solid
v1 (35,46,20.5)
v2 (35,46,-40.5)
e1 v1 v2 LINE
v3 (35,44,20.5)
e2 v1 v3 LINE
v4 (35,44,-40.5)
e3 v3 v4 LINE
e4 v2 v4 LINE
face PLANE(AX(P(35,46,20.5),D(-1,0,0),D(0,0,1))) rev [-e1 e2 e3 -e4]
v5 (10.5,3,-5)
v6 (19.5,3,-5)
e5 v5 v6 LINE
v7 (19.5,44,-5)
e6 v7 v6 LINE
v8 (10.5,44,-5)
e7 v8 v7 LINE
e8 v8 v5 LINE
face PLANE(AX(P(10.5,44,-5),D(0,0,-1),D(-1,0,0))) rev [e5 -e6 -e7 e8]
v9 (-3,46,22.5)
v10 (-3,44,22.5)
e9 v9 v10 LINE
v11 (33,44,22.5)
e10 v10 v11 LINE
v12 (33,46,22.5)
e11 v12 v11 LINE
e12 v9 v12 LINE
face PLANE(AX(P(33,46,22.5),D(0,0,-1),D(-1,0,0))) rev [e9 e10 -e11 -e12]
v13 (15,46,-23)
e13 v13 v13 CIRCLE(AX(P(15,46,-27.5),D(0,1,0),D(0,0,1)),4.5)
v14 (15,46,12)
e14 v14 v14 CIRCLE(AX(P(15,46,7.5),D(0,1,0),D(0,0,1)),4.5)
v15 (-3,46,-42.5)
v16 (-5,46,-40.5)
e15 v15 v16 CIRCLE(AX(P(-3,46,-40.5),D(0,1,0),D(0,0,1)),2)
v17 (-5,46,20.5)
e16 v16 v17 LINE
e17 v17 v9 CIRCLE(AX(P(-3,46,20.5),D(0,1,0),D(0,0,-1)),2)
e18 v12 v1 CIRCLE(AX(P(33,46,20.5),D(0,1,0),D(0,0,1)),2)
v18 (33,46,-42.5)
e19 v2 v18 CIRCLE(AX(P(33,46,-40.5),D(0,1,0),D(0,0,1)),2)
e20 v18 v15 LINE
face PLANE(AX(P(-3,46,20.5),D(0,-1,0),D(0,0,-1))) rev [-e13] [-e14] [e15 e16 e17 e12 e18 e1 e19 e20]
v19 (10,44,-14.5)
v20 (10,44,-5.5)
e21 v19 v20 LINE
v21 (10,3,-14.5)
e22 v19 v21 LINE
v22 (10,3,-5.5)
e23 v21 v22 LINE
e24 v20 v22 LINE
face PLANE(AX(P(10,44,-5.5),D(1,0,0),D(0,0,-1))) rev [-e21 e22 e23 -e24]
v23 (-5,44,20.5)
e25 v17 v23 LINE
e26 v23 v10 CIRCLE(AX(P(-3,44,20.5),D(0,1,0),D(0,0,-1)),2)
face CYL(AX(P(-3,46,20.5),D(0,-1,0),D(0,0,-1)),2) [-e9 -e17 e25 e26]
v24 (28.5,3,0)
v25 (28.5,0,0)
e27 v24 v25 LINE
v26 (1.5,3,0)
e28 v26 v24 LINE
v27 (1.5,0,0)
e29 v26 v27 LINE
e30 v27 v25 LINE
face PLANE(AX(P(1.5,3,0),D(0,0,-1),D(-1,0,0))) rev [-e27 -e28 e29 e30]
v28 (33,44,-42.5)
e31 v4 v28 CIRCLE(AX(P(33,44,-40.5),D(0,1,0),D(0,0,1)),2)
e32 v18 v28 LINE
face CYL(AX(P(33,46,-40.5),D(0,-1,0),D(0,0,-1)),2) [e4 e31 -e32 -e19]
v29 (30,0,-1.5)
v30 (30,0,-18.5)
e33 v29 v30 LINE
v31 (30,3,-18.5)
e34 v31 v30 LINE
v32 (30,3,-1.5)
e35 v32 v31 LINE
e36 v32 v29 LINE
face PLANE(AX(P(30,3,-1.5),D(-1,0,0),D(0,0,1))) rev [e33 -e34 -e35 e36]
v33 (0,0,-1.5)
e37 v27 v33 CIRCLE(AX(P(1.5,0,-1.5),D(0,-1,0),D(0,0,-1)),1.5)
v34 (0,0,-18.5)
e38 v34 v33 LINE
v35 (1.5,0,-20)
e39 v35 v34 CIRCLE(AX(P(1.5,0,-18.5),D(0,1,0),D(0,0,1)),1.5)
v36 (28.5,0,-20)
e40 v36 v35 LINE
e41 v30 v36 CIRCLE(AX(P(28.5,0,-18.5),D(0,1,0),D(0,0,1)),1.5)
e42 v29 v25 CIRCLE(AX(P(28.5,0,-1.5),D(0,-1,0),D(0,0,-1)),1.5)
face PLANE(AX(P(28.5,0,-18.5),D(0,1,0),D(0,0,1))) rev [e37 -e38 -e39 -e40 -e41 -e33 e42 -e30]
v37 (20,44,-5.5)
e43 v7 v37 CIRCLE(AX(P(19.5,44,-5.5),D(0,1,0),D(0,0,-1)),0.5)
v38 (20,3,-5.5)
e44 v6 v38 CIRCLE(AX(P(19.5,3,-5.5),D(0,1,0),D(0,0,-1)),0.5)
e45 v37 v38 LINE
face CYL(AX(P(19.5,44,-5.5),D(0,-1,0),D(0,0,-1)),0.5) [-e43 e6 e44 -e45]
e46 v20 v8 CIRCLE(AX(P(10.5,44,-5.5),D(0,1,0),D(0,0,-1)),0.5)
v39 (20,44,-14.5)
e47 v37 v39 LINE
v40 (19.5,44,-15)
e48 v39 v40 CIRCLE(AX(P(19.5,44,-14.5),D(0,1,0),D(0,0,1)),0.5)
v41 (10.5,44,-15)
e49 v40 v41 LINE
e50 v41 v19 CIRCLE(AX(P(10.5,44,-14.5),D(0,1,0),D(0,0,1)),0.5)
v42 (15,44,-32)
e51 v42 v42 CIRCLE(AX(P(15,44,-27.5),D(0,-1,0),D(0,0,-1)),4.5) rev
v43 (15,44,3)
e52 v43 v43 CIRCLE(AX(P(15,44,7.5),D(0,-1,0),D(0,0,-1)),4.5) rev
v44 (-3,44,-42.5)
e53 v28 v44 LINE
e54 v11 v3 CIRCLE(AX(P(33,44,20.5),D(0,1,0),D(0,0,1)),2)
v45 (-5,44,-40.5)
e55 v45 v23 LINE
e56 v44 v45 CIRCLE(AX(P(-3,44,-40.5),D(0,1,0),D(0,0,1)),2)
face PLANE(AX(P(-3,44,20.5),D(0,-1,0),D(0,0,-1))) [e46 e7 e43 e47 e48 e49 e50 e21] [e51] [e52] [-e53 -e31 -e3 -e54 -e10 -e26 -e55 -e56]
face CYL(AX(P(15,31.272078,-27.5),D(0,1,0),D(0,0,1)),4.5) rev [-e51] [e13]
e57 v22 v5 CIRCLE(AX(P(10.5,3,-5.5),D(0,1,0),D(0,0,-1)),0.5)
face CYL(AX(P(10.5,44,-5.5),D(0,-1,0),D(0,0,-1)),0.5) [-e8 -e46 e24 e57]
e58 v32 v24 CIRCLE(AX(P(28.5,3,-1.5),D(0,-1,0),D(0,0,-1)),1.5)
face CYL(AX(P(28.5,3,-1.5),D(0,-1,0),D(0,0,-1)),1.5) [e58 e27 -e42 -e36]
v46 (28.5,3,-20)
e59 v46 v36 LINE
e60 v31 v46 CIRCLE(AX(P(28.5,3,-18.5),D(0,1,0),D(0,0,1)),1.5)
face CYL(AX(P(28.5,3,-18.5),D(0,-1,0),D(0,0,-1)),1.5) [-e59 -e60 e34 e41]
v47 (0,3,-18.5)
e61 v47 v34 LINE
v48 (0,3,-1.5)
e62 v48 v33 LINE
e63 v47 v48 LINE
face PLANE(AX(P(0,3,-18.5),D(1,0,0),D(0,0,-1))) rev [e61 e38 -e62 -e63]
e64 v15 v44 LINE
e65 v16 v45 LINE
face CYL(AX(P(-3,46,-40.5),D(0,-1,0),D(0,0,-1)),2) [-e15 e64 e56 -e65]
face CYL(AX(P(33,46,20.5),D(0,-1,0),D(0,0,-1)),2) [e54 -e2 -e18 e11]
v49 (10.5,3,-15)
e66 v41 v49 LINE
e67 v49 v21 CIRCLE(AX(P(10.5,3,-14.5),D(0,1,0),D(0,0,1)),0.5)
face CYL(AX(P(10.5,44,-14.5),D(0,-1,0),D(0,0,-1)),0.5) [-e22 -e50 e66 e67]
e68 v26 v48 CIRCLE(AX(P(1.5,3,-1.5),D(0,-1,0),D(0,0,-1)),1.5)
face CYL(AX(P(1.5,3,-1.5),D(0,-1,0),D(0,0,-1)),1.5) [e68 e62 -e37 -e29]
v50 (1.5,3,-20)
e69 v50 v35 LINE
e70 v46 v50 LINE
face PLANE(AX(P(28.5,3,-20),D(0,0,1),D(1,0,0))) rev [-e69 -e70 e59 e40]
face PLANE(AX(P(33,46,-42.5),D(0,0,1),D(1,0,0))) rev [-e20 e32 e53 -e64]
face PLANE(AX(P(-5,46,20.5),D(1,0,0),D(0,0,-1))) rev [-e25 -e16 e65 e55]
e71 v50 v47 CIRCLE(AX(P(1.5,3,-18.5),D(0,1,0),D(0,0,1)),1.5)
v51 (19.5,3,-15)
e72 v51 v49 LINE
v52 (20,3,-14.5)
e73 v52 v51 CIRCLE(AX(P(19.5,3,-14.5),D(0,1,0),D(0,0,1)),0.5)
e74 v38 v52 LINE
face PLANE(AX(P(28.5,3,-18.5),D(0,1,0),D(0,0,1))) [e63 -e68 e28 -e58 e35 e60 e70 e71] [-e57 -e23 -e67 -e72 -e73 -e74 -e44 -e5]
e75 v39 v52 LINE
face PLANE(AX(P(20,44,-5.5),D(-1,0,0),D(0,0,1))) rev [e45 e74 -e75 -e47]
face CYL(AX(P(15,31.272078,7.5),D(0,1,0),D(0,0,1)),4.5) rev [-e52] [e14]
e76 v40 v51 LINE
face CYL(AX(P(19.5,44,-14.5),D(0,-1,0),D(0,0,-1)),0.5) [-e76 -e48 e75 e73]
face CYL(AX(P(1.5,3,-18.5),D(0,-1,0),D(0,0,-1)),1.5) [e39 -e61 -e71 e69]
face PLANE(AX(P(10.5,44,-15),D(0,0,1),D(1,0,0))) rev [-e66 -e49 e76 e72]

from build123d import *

# Parameters (mm, degrees)
BOSS_EXTRUDE1_DEPTH = 3
BOSS_EXTRUDE2_DEPTH = 41
BOSS_EXTRUDE3_DEPTH = 2
SKETCH5_R           = 4.5
CUT_EXTRUDE1_DEPTH  = 2


with BuildPart() as part:
    # Sketch1 → Boss-Extrude1 (new body)
    with BuildSketch(Plane(origin=(0, 0, 0), x_dir=(1, 0, 0), z_dir=(0, 1, 0))):
        with BuildLine():
            Line((1.5, 0), (28.5, 0))
            ThreePointArc((28.5, 0), (29.560660172, 0.439339828), (30, 1.5))
            Line((30, 1.5), (30, 18.5))
            ThreePointArc((30, 18.5), (29.560660172, 19.560660172), (28.5, 20))
            Line((28.5, 20), (1.5, 20))
            ThreePointArc((1.5, 20), (0.439339828, 19.560660172), (0, 18.5))
            Line((0, 18.5), (0, 1.5))
            ThreePointArc((0, 1.5), (0.439339828, 0.439339828), (1.5, 0))
        make_face()
    extrude(amount=BOSS_EXTRUDE1_DEPTH)

    # Sketch3 → Boss-Extrude2 (add)
    with BuildSketch(Plane(origin=(0, 3, 0), x_dir=(1, 0, 0), z_dir=(0, 1, 0))):
        with BuildLine():
            Line((10.5, 5), (19.5, 5))
            ThreePointArc((19.5, 5), (19.853553391, 5.146446609), (20, 5.5))
            Line((20, 5.5), (20, 14.5))
            ThreePointArc((20, 14.5), (19.853553391, 14.853553391), (19.5, 15))
            Line((19.5, 15), (10.5, 15))
            ThreePointArc((10.5, 15), (10.146446609, 14.853553391), (10, 14.5))
            Line((10, 14.5), (10, 5.5))
            ThreePointArc((10, 5.5), (10.146446609, 5.146446609), (10.5, 5))
        make_face()
    extrude(amount=BOSS_EXTRUDE2_DEPTH)

    # Sketch4 → Boss-Extrude3 (add)
    with BuildSketch(Plane(origin=(0, 44, 0), x_dir=(1, 0, 0), z_dir=(0, 1, 0))):
        with BuildLine():
            Line((33, -22.5), (-3, -22.5))
            ThreePointArc((-3, -22.5), (-4.414213562, -21.914213562), (-5, -20.5))
            Line((-5, -20.5), (-5, 40.5))
            ThreePointArc((-5, 40.5), (-4.414213562, 41.914213562), (-3, 42.5))
            Line((-3, 42.5), (33, 42.5))
            ThreePointArc((33, 42.5), (34.414213562, 41.914213562), (35, 40.5))
            Line((35, 40.5), (35, -20.5))
            ThreePointArc((35, -20.5), (34.414213562, -21.914213562), (33, -22.5))
        make_face()
    extrude(amount=BOSS_EXTRUDE3_DEPTH)

    # Sketch5 → Cut-Extrude1 (cut)
    with BuildSketch(Plane(origin=(0, 46, 0), x_dir=(1, 0, 0), z_dir=(0, 1, 0))):
        with Locations(Location((15, 27.5, 0), (0, 0, 270))):
            Circle(SKETCH5_R)
        with Locations(Location((15, -7.5, 0), (0, 0, 270))):
            Circle(SKETCH5_R)
    extrude(amount=-CUT_EXTRUDE1_DEPTH, mode=Mode.SUBTRACT)


solid = part.part
